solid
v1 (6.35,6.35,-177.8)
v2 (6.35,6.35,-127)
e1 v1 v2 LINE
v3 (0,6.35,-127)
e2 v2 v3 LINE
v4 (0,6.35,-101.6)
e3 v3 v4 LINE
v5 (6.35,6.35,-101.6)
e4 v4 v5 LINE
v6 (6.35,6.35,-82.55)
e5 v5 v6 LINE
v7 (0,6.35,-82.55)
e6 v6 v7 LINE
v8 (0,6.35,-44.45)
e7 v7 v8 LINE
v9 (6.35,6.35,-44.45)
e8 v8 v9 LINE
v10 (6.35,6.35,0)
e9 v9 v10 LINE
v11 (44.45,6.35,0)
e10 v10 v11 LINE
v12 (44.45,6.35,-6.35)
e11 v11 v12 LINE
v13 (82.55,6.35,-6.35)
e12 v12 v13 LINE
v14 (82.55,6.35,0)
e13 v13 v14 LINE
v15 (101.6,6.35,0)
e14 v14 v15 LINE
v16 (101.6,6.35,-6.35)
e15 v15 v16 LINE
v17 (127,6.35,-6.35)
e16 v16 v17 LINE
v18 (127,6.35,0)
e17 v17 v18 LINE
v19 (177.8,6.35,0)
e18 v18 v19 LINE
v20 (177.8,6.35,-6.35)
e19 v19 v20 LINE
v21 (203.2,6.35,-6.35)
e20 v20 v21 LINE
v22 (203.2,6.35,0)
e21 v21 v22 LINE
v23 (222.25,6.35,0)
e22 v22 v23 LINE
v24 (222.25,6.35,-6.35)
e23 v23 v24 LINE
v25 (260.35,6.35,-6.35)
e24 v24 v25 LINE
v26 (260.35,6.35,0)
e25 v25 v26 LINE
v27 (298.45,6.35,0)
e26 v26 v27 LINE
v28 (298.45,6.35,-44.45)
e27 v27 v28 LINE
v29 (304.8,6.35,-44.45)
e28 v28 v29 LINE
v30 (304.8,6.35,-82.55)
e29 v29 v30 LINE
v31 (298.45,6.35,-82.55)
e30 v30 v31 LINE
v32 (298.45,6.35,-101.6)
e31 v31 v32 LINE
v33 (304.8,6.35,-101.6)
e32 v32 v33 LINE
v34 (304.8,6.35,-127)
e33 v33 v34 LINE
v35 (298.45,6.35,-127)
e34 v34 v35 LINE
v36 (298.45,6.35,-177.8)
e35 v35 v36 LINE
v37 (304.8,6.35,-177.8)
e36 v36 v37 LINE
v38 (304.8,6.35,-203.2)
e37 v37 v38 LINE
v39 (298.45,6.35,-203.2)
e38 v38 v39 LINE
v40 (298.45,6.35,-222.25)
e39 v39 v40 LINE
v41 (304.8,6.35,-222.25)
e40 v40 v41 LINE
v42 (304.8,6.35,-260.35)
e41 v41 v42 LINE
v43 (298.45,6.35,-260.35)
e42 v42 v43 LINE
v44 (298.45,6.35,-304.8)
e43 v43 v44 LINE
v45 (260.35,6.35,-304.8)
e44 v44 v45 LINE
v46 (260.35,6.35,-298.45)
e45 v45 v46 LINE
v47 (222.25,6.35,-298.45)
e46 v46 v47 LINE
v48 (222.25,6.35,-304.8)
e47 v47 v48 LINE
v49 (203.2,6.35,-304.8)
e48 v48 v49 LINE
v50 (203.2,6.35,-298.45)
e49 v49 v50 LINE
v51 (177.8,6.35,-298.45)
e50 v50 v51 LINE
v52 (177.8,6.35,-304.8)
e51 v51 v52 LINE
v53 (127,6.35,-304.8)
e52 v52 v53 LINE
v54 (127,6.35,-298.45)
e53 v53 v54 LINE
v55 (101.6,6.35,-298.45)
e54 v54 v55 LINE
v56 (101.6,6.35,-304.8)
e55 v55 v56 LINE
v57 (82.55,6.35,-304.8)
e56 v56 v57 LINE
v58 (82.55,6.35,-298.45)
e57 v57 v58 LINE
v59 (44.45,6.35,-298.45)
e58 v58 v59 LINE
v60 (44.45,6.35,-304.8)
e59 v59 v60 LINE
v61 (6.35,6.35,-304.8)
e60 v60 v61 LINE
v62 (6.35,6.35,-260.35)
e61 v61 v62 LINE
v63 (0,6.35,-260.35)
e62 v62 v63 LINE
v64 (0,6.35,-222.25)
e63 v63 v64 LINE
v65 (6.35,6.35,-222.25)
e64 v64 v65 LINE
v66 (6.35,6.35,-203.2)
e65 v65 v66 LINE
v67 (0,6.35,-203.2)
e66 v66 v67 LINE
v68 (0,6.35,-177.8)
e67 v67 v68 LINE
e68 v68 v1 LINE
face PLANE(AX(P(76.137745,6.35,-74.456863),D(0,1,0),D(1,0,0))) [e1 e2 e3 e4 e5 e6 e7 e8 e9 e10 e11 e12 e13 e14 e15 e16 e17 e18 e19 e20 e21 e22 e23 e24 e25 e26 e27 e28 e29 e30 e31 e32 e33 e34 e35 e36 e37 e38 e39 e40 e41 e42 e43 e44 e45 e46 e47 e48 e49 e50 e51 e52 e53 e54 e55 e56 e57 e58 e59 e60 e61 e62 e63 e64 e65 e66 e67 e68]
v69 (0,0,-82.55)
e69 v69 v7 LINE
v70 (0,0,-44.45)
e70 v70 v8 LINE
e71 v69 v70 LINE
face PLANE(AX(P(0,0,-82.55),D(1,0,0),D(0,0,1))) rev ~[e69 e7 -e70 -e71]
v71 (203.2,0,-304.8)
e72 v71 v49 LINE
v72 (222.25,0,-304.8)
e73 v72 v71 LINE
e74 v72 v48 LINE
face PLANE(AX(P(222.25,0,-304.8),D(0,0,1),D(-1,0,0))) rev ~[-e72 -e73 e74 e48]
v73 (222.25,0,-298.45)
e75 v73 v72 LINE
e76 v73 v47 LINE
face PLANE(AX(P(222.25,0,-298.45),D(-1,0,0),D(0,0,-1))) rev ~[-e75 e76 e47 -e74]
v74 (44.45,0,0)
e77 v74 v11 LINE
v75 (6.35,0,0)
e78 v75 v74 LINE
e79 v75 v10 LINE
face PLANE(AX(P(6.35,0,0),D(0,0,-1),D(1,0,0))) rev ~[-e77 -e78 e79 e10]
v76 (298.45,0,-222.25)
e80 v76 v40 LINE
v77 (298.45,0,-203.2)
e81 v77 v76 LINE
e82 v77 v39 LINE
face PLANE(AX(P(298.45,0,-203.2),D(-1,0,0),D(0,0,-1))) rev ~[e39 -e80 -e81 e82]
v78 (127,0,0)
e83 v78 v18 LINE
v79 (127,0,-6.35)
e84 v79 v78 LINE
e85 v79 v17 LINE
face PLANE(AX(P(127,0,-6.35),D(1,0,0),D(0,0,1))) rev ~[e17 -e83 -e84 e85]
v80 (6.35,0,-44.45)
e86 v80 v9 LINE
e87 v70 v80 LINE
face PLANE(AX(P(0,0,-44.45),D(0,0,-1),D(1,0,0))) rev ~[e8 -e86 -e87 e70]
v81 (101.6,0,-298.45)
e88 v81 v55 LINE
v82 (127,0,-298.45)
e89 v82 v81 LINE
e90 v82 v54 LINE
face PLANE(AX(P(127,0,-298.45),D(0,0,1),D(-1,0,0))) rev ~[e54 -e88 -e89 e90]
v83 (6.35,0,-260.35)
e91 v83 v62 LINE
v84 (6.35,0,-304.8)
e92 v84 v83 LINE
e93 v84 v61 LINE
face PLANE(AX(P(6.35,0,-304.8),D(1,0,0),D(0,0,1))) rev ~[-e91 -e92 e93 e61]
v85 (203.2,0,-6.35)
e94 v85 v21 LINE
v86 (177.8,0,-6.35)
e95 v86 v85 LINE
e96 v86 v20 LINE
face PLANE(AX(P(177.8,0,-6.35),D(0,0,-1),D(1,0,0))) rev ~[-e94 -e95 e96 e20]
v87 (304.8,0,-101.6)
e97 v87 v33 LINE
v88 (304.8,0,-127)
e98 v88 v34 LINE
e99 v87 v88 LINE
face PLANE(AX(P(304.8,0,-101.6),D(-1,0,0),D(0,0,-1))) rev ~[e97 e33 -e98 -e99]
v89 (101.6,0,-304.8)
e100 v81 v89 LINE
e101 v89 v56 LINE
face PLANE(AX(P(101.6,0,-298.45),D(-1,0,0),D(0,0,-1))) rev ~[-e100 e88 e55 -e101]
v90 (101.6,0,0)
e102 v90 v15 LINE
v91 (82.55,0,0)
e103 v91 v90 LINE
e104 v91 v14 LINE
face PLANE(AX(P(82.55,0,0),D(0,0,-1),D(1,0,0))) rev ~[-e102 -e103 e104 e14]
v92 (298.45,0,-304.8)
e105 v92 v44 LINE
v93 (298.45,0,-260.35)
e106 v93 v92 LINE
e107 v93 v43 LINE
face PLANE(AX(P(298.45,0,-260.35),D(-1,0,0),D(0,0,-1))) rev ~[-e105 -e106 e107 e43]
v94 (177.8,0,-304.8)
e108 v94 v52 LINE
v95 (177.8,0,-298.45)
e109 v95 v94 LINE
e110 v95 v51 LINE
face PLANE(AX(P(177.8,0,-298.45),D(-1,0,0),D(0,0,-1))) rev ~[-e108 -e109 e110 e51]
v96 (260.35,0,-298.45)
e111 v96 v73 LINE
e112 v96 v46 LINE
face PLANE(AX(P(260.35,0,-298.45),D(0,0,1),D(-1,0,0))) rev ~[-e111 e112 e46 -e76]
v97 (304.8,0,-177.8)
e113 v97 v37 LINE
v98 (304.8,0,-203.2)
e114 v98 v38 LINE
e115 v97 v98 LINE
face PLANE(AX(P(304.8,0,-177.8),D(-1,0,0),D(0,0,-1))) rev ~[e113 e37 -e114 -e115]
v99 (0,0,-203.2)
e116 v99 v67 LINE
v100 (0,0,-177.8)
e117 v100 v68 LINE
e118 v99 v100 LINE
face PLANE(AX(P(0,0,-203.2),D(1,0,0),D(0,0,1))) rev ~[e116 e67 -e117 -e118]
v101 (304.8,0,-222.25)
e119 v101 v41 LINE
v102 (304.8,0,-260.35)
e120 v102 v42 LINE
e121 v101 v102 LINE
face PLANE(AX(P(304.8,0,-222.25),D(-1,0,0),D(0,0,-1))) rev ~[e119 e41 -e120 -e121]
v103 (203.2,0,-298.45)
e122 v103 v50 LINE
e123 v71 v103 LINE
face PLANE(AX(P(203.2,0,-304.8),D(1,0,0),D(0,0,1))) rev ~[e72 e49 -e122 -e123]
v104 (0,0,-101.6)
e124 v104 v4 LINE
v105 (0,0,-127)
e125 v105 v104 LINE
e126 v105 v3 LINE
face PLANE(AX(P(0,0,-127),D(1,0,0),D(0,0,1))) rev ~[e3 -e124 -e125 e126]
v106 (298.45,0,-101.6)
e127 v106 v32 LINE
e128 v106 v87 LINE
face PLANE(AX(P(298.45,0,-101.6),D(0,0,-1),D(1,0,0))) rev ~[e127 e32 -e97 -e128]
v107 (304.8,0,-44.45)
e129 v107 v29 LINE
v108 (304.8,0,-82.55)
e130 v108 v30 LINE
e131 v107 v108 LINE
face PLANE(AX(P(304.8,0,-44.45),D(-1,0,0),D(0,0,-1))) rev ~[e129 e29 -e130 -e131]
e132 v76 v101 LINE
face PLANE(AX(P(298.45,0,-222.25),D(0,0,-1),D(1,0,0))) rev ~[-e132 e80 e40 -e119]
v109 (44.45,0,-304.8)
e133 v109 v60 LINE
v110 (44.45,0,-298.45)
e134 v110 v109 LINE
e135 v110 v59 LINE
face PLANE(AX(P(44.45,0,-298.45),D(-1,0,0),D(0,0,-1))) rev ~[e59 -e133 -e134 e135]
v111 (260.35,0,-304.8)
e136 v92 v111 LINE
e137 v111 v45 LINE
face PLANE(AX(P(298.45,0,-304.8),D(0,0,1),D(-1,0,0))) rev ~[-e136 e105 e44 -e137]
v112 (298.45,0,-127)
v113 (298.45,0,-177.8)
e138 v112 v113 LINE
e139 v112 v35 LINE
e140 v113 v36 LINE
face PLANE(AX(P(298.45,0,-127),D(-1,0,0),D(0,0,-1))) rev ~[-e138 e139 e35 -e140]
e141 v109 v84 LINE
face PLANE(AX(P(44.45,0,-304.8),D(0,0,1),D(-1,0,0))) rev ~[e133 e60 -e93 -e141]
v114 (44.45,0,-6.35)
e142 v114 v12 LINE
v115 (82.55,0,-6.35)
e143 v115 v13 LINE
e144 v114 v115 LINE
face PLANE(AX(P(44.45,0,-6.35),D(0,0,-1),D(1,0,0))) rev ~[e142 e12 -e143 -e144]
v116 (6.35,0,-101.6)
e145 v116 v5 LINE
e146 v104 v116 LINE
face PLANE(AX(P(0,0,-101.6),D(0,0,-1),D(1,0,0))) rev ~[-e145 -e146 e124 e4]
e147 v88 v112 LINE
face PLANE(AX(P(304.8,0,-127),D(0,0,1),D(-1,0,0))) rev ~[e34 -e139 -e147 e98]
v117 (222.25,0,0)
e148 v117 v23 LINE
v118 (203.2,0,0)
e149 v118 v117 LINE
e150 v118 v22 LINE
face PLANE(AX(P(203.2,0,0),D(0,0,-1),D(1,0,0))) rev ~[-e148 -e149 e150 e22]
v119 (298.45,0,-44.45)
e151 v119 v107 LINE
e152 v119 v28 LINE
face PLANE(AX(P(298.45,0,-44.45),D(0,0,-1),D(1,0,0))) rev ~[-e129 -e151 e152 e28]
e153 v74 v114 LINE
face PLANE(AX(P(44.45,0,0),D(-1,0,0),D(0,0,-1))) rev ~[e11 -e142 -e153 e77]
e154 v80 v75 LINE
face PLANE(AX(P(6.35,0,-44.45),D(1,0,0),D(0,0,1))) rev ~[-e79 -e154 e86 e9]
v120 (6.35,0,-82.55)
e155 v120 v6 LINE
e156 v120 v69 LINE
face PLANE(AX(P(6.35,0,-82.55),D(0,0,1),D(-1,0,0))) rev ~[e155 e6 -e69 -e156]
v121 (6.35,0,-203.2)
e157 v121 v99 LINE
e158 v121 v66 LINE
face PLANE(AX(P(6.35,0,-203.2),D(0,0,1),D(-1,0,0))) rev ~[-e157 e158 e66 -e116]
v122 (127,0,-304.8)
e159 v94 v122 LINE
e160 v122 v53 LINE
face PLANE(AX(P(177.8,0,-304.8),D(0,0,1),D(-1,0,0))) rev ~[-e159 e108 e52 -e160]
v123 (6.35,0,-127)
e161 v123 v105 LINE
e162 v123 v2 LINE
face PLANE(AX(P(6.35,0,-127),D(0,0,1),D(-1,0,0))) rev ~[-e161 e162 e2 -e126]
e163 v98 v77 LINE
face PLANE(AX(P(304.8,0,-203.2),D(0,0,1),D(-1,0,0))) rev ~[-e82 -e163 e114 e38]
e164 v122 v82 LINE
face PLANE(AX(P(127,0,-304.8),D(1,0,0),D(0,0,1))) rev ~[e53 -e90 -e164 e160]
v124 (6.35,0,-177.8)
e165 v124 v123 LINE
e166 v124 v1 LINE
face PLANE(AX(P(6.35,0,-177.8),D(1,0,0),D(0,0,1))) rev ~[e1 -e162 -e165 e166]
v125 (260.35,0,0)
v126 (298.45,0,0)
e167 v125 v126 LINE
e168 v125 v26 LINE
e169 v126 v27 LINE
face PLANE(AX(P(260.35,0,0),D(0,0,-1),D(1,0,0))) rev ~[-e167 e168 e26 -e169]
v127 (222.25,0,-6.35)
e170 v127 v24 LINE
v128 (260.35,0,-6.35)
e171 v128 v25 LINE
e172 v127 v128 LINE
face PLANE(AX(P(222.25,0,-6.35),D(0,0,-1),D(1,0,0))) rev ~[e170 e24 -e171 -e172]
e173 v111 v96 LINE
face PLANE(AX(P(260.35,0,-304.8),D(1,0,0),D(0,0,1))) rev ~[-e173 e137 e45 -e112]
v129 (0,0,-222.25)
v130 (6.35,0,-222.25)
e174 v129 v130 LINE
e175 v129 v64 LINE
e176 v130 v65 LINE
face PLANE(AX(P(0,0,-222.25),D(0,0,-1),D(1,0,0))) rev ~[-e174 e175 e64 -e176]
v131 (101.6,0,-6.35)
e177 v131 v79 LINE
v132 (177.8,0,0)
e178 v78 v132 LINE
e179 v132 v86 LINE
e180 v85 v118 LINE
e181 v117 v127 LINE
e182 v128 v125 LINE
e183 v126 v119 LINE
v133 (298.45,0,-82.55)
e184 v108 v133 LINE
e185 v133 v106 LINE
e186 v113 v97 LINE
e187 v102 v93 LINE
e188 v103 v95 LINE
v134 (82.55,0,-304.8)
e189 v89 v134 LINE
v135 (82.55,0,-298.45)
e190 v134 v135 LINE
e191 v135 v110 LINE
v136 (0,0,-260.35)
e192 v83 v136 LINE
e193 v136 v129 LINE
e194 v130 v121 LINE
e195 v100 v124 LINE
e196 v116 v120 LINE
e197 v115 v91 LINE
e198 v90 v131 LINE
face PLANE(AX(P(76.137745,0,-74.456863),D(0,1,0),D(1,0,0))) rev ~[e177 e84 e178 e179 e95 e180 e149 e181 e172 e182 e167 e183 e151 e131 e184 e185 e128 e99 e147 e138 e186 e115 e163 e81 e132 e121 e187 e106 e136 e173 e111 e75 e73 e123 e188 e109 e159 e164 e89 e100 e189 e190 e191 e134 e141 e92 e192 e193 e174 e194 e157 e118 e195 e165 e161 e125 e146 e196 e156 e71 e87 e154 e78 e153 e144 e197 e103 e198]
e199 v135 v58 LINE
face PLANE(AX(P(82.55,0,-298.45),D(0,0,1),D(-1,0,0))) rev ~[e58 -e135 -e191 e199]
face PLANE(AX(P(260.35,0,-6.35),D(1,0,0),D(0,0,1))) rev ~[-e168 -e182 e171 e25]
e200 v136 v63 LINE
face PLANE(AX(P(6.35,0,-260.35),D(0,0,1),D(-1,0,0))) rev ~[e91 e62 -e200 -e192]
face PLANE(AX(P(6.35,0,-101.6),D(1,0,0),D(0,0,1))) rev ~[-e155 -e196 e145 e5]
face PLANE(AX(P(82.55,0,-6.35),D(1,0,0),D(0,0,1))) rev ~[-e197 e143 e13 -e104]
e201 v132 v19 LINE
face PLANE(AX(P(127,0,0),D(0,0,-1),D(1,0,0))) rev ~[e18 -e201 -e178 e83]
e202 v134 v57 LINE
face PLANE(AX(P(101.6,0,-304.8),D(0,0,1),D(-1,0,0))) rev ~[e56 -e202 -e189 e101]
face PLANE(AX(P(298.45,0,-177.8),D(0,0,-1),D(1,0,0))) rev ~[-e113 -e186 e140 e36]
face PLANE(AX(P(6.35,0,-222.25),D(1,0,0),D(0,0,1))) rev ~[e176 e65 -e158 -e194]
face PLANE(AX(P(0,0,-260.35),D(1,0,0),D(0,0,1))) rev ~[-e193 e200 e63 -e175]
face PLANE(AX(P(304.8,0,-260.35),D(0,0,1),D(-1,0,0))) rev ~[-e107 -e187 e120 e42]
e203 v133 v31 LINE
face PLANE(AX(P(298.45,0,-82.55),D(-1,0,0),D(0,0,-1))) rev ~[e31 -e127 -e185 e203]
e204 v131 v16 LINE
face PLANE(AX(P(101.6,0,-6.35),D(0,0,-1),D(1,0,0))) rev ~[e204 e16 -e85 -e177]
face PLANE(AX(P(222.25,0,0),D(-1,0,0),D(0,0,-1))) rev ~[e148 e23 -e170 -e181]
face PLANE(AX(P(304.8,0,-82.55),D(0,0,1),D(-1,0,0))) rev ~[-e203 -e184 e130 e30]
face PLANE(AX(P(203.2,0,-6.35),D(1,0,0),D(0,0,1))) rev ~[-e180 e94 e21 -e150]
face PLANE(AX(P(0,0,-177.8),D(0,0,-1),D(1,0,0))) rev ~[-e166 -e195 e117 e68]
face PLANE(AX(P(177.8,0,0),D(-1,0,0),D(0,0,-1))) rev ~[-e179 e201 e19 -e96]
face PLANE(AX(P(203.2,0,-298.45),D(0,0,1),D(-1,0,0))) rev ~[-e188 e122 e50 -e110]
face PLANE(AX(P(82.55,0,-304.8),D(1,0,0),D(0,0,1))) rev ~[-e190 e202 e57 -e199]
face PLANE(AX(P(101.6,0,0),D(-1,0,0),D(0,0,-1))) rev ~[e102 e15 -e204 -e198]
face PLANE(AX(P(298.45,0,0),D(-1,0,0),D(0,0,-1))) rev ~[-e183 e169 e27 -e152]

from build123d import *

# Parameters (mm, degrees)
BOSS_EXTRUDE1_DEPTH = 6.35


with BuildPart() as part:
    # Sketch1 → Boss-Extrude1 (new body)
    with BuildSketch(Plane(origin=(0, 0, 0), x_dir=(1, 0, 0), z_dir=(0, 1, 0))):
        Polygon((152.4, 152.4), (6.35, 152.4), (6.35, 127), (0, 127), (0, 101.6), (6.35, 101.6), (6.35, 82.55), (0, 82.55), (0, 44.45), (6.35, 44.45), (6.35, 0), (44.45, 0), (44.45, 6.35), (82.55, 6.35), (82.55, 0), (101.6, 0), (101.6, 6.35), (127, 6.35), (127, 0), (152.4, 0), align=None)
        Polygon((6.35, 177.8), (6.35, 152.4), (152.4, 152.4), (152.4, 304.8), (127, 304.8), (127, 298.45), (101.6, 298.45), (101.6, 304.8), (82.55, 304.8), (82.55, 298.45), (44.45, 298.45), (44.45, 304.8), (6.35, 304.8), (6.35, 260.35), (0, 260.35), (0, 222.25), (6.35, 222.25), (6.35, 203.2), (0, 203.2), (0, 177.8), align=None)
        Polygon((152.4, 304.8), (152.4, 152.4), (298.45, 152.4), (298.45, 177.8), (304.8, 177.8), (304.8, 203.2), (298.45, 203.2), (298.45, 222.25), (304.8, 222.25), (304.8, 260.35), (298.45, 260.35), (298.45, 304.8), (260.35, 304.8), (260.35, 298.45), (222.25, 298.45), (222.25, 304.8), (203.2, 304.8), (203.2, 298.45), (177.8, 298.45), (177.8, 304.8), align=None)
        Polygon((298.45, 152.4), (152.4, 152.4), (152.4, 0), (177.8, 0), (177.8, 6.35), (203.2, 6.35), (203.2, 0), (222.25, 0), (222.25, 6.35), (260.35, 6.35), (260.35, 0), (298.45, 0), (298.45, 44.45), (304.8, 44.45), (304.8, 82.55), (298.45, 82.55), (298.45, 101.6), (304.8, 101.6), (304.8, 127), (298.45, 127), align=None)
    extrude(amount=BOSS_EXTRUDE1_DEPTH)


solid = part.part
